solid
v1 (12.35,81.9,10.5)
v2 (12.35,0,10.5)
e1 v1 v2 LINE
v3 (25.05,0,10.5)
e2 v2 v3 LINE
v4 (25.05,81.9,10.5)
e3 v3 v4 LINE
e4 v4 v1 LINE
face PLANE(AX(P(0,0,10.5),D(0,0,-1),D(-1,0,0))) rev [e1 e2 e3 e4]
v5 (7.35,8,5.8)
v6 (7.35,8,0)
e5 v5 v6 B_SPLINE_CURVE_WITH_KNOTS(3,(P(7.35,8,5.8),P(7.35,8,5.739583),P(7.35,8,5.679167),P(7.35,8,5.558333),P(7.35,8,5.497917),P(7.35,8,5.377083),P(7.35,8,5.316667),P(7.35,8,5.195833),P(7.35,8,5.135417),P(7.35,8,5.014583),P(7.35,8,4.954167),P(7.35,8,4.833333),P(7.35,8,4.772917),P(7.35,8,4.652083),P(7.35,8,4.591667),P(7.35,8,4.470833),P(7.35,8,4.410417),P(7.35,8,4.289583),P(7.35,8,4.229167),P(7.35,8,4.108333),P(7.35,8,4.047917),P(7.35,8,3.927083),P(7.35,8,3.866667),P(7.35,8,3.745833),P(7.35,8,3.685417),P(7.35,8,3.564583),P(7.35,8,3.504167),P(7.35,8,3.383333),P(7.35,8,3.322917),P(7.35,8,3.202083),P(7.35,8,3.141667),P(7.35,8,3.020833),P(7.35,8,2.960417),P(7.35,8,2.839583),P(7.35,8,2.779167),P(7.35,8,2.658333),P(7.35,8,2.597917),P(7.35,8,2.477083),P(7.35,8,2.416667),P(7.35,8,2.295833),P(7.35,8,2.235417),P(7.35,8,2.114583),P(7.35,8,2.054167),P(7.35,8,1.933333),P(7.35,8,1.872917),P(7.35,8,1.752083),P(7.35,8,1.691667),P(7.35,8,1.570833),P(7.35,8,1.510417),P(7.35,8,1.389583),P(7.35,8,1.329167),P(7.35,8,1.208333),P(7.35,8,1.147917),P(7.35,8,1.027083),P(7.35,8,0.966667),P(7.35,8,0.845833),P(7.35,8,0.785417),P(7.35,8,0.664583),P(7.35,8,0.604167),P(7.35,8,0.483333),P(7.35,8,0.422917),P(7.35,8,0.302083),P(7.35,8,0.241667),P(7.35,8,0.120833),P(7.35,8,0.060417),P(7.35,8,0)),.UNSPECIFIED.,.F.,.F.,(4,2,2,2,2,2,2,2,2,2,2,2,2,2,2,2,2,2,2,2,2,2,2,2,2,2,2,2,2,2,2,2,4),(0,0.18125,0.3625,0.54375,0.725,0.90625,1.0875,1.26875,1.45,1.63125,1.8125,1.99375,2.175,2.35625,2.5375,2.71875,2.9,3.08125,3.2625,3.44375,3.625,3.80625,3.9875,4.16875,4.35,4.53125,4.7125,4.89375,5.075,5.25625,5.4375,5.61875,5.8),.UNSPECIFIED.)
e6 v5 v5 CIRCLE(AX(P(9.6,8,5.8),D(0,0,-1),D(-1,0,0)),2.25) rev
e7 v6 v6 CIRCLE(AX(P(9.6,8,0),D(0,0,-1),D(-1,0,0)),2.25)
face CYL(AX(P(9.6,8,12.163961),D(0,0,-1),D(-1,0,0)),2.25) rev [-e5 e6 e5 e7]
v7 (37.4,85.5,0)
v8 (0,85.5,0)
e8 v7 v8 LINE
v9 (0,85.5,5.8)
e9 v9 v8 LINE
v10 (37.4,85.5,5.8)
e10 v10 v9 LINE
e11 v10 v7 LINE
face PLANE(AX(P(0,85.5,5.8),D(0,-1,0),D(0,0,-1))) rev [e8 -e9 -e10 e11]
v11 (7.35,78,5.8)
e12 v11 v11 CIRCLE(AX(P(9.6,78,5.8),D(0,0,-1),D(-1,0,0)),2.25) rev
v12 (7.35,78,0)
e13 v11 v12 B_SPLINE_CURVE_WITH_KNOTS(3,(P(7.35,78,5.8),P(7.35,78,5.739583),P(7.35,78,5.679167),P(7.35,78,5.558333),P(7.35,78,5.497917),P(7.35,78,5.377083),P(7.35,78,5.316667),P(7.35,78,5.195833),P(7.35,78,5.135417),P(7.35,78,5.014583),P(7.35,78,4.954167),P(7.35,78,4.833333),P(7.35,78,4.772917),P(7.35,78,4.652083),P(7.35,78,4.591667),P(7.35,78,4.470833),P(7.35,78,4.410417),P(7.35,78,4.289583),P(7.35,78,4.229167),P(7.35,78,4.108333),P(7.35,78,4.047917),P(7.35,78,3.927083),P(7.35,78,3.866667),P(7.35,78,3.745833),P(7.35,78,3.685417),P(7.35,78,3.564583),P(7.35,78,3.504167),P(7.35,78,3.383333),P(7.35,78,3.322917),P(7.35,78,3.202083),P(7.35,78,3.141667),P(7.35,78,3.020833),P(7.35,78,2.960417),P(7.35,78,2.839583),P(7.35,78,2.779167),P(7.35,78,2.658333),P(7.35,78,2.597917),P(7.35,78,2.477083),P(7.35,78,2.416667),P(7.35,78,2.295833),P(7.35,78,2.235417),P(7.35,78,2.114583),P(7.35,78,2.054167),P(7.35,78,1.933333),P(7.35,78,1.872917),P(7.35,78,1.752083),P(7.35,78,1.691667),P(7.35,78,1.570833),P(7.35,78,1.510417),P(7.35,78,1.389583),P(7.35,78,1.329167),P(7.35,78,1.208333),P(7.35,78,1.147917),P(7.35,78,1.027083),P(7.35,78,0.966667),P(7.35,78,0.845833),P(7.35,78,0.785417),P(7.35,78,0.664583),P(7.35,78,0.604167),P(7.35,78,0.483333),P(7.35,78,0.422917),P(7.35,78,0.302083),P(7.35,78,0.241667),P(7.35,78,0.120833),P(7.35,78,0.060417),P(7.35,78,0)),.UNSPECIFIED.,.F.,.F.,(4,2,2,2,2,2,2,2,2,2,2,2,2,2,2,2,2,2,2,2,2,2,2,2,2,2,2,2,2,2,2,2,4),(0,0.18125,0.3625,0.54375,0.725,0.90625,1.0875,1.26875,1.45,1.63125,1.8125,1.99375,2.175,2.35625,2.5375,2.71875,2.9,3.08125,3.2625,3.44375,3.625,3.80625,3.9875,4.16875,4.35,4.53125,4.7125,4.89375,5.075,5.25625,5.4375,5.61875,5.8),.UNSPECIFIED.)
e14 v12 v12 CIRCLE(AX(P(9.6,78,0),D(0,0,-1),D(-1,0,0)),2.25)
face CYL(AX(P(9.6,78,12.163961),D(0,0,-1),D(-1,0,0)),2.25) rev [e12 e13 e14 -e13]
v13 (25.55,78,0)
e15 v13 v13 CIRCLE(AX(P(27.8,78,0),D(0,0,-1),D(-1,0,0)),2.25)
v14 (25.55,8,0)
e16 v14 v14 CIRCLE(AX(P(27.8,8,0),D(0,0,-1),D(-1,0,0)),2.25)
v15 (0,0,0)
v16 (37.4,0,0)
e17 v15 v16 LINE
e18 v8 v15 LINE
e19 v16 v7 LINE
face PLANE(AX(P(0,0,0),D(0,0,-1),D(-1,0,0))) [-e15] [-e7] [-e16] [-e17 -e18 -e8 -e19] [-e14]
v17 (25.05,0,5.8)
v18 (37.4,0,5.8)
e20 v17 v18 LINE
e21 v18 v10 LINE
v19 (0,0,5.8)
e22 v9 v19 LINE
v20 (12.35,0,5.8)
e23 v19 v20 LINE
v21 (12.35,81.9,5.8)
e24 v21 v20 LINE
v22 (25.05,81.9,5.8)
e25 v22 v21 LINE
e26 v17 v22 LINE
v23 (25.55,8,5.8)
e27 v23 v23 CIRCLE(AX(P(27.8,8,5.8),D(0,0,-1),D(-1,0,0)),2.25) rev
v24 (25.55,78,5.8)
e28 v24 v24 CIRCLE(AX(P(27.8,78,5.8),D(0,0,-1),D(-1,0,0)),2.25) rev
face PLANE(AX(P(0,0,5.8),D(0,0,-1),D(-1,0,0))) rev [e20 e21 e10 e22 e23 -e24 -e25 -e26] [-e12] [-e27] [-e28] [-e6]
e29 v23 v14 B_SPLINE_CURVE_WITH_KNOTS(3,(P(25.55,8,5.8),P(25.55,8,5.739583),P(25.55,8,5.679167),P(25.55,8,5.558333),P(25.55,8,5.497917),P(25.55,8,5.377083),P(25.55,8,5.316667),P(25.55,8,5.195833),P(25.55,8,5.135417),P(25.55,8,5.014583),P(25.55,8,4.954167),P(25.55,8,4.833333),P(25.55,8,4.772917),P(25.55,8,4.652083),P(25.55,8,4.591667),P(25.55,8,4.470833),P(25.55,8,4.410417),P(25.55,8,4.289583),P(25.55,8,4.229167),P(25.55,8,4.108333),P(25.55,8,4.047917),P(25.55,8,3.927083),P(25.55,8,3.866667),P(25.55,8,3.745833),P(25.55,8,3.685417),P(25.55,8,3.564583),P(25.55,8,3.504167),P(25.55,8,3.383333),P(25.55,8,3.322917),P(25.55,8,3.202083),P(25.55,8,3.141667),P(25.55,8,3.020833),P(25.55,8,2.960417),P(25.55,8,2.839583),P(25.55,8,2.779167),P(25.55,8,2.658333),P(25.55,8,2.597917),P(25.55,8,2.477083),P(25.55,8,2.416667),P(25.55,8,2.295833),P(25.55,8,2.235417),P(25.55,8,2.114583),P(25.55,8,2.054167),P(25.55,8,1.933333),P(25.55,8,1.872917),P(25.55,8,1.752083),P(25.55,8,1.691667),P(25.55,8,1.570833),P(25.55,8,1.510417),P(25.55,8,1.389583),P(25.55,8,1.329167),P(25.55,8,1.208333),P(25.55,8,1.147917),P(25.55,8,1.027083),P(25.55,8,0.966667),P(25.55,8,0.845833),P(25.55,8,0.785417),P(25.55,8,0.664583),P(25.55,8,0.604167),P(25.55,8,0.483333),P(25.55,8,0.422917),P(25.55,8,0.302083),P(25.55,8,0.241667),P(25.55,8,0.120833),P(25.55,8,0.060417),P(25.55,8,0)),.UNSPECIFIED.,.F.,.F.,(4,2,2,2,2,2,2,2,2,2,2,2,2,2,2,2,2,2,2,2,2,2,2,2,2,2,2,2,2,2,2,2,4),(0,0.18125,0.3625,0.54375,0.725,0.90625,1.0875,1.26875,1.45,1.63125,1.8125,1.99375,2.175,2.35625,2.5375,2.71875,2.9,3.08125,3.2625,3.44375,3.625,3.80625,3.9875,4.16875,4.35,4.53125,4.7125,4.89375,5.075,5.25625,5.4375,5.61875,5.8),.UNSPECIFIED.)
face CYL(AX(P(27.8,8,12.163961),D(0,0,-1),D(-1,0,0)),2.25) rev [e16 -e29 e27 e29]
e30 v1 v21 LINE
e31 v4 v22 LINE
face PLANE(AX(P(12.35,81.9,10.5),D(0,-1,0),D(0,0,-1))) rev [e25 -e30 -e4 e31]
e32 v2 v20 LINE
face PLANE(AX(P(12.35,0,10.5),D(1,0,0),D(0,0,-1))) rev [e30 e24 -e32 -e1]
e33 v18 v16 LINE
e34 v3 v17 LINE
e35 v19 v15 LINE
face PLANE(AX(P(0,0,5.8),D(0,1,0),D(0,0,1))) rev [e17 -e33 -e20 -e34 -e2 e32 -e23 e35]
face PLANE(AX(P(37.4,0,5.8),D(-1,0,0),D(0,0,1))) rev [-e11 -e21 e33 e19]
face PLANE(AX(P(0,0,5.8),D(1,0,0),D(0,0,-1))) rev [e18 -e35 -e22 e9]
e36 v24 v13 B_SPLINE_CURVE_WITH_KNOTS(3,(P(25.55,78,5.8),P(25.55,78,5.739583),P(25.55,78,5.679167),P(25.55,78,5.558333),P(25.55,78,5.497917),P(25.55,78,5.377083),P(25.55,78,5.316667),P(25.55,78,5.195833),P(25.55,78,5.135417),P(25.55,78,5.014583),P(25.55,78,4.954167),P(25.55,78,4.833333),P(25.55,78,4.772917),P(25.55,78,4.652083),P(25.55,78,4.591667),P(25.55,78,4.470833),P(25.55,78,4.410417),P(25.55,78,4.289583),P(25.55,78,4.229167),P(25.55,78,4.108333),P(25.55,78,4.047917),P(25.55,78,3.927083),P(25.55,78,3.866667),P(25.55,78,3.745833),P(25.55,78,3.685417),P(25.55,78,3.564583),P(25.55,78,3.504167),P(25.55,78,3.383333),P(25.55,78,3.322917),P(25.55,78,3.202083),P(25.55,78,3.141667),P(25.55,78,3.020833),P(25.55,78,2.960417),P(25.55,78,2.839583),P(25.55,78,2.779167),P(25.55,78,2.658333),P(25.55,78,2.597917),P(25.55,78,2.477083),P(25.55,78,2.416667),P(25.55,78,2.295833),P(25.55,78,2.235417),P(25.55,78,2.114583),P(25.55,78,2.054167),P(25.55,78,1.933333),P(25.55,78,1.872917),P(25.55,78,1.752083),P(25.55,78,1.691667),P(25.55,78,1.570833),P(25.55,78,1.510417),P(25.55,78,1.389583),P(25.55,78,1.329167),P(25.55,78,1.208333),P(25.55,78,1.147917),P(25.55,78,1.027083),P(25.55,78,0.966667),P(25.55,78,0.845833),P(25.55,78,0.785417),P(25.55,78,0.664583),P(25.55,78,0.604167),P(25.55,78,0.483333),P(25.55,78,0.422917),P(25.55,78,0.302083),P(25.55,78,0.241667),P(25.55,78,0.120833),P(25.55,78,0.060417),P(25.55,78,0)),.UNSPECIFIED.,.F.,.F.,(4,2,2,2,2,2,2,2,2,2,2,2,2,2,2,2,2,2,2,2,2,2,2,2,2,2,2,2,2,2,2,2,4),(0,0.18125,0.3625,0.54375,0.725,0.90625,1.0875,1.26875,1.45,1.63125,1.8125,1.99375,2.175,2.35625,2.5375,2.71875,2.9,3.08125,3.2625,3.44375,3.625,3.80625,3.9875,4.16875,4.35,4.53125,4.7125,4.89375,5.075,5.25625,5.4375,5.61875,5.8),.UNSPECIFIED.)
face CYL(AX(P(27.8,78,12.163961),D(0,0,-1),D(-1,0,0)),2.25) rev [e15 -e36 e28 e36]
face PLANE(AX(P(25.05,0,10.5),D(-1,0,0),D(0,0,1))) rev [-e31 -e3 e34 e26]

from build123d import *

# Parameters (mm, degrees)
SKETCH2_W           = 37.4
SKETCH2_H           = 85.5
BOSS_EXTRUDE1_DEPTH = 5.8
SKETCH3_W           = 12.7
SKETCH3_H           = 81.9
BOSS_EXTRUDE2_DEPTH = 4.7
SKETCH4_R           = 2.25
CUT_EXTRUDE1_DEPTH  = 5.8


with BuildPart() as part:
    # Sketch2 → Boss-Extrude1 (new body)
    with BuildSketch(Plane.XY):
        with Locations((18.7, 42.75)):
            Rectangle(SKETCH2_W, SKETCH2_H)
    extrude(amount=BOSS_EXTRUDE1_DEPTH)

    # Sketch3 → Boss-Extrude2 (add)
    with BuildSketch(Plane.XY.offset(5.8)):
        with Locations((18.7, 40.95)):
            Rectangle(SKETCH3_W, SKETCH3_H)
    extrude(amount=BOSS_EXTRUDE2_DEPTH)

    # Sketch4 → Cut-Extrude1 (cut)
    with BuildSketch(Plane(origin=(0, 0, 0), x_dir=(-1, 0, 0), z_dir=(0, 0, -1))):
        with Locations((-27.8, 78)):
            Circle(SKETCH4_R)
        with Locations((-9.6, 78)):
            Circle(SKETCH4_R)
        with Locations((-9.6, 8)):
            Circle(SKETCH4_R)
        with Locations((-27.8, 8)):
            Circle(SKETCH4_R)
    extrude(amount=-CUT_EXTRUDE1_DEPTH, mode=Mode.SUBTRACT)


solid = part.part
